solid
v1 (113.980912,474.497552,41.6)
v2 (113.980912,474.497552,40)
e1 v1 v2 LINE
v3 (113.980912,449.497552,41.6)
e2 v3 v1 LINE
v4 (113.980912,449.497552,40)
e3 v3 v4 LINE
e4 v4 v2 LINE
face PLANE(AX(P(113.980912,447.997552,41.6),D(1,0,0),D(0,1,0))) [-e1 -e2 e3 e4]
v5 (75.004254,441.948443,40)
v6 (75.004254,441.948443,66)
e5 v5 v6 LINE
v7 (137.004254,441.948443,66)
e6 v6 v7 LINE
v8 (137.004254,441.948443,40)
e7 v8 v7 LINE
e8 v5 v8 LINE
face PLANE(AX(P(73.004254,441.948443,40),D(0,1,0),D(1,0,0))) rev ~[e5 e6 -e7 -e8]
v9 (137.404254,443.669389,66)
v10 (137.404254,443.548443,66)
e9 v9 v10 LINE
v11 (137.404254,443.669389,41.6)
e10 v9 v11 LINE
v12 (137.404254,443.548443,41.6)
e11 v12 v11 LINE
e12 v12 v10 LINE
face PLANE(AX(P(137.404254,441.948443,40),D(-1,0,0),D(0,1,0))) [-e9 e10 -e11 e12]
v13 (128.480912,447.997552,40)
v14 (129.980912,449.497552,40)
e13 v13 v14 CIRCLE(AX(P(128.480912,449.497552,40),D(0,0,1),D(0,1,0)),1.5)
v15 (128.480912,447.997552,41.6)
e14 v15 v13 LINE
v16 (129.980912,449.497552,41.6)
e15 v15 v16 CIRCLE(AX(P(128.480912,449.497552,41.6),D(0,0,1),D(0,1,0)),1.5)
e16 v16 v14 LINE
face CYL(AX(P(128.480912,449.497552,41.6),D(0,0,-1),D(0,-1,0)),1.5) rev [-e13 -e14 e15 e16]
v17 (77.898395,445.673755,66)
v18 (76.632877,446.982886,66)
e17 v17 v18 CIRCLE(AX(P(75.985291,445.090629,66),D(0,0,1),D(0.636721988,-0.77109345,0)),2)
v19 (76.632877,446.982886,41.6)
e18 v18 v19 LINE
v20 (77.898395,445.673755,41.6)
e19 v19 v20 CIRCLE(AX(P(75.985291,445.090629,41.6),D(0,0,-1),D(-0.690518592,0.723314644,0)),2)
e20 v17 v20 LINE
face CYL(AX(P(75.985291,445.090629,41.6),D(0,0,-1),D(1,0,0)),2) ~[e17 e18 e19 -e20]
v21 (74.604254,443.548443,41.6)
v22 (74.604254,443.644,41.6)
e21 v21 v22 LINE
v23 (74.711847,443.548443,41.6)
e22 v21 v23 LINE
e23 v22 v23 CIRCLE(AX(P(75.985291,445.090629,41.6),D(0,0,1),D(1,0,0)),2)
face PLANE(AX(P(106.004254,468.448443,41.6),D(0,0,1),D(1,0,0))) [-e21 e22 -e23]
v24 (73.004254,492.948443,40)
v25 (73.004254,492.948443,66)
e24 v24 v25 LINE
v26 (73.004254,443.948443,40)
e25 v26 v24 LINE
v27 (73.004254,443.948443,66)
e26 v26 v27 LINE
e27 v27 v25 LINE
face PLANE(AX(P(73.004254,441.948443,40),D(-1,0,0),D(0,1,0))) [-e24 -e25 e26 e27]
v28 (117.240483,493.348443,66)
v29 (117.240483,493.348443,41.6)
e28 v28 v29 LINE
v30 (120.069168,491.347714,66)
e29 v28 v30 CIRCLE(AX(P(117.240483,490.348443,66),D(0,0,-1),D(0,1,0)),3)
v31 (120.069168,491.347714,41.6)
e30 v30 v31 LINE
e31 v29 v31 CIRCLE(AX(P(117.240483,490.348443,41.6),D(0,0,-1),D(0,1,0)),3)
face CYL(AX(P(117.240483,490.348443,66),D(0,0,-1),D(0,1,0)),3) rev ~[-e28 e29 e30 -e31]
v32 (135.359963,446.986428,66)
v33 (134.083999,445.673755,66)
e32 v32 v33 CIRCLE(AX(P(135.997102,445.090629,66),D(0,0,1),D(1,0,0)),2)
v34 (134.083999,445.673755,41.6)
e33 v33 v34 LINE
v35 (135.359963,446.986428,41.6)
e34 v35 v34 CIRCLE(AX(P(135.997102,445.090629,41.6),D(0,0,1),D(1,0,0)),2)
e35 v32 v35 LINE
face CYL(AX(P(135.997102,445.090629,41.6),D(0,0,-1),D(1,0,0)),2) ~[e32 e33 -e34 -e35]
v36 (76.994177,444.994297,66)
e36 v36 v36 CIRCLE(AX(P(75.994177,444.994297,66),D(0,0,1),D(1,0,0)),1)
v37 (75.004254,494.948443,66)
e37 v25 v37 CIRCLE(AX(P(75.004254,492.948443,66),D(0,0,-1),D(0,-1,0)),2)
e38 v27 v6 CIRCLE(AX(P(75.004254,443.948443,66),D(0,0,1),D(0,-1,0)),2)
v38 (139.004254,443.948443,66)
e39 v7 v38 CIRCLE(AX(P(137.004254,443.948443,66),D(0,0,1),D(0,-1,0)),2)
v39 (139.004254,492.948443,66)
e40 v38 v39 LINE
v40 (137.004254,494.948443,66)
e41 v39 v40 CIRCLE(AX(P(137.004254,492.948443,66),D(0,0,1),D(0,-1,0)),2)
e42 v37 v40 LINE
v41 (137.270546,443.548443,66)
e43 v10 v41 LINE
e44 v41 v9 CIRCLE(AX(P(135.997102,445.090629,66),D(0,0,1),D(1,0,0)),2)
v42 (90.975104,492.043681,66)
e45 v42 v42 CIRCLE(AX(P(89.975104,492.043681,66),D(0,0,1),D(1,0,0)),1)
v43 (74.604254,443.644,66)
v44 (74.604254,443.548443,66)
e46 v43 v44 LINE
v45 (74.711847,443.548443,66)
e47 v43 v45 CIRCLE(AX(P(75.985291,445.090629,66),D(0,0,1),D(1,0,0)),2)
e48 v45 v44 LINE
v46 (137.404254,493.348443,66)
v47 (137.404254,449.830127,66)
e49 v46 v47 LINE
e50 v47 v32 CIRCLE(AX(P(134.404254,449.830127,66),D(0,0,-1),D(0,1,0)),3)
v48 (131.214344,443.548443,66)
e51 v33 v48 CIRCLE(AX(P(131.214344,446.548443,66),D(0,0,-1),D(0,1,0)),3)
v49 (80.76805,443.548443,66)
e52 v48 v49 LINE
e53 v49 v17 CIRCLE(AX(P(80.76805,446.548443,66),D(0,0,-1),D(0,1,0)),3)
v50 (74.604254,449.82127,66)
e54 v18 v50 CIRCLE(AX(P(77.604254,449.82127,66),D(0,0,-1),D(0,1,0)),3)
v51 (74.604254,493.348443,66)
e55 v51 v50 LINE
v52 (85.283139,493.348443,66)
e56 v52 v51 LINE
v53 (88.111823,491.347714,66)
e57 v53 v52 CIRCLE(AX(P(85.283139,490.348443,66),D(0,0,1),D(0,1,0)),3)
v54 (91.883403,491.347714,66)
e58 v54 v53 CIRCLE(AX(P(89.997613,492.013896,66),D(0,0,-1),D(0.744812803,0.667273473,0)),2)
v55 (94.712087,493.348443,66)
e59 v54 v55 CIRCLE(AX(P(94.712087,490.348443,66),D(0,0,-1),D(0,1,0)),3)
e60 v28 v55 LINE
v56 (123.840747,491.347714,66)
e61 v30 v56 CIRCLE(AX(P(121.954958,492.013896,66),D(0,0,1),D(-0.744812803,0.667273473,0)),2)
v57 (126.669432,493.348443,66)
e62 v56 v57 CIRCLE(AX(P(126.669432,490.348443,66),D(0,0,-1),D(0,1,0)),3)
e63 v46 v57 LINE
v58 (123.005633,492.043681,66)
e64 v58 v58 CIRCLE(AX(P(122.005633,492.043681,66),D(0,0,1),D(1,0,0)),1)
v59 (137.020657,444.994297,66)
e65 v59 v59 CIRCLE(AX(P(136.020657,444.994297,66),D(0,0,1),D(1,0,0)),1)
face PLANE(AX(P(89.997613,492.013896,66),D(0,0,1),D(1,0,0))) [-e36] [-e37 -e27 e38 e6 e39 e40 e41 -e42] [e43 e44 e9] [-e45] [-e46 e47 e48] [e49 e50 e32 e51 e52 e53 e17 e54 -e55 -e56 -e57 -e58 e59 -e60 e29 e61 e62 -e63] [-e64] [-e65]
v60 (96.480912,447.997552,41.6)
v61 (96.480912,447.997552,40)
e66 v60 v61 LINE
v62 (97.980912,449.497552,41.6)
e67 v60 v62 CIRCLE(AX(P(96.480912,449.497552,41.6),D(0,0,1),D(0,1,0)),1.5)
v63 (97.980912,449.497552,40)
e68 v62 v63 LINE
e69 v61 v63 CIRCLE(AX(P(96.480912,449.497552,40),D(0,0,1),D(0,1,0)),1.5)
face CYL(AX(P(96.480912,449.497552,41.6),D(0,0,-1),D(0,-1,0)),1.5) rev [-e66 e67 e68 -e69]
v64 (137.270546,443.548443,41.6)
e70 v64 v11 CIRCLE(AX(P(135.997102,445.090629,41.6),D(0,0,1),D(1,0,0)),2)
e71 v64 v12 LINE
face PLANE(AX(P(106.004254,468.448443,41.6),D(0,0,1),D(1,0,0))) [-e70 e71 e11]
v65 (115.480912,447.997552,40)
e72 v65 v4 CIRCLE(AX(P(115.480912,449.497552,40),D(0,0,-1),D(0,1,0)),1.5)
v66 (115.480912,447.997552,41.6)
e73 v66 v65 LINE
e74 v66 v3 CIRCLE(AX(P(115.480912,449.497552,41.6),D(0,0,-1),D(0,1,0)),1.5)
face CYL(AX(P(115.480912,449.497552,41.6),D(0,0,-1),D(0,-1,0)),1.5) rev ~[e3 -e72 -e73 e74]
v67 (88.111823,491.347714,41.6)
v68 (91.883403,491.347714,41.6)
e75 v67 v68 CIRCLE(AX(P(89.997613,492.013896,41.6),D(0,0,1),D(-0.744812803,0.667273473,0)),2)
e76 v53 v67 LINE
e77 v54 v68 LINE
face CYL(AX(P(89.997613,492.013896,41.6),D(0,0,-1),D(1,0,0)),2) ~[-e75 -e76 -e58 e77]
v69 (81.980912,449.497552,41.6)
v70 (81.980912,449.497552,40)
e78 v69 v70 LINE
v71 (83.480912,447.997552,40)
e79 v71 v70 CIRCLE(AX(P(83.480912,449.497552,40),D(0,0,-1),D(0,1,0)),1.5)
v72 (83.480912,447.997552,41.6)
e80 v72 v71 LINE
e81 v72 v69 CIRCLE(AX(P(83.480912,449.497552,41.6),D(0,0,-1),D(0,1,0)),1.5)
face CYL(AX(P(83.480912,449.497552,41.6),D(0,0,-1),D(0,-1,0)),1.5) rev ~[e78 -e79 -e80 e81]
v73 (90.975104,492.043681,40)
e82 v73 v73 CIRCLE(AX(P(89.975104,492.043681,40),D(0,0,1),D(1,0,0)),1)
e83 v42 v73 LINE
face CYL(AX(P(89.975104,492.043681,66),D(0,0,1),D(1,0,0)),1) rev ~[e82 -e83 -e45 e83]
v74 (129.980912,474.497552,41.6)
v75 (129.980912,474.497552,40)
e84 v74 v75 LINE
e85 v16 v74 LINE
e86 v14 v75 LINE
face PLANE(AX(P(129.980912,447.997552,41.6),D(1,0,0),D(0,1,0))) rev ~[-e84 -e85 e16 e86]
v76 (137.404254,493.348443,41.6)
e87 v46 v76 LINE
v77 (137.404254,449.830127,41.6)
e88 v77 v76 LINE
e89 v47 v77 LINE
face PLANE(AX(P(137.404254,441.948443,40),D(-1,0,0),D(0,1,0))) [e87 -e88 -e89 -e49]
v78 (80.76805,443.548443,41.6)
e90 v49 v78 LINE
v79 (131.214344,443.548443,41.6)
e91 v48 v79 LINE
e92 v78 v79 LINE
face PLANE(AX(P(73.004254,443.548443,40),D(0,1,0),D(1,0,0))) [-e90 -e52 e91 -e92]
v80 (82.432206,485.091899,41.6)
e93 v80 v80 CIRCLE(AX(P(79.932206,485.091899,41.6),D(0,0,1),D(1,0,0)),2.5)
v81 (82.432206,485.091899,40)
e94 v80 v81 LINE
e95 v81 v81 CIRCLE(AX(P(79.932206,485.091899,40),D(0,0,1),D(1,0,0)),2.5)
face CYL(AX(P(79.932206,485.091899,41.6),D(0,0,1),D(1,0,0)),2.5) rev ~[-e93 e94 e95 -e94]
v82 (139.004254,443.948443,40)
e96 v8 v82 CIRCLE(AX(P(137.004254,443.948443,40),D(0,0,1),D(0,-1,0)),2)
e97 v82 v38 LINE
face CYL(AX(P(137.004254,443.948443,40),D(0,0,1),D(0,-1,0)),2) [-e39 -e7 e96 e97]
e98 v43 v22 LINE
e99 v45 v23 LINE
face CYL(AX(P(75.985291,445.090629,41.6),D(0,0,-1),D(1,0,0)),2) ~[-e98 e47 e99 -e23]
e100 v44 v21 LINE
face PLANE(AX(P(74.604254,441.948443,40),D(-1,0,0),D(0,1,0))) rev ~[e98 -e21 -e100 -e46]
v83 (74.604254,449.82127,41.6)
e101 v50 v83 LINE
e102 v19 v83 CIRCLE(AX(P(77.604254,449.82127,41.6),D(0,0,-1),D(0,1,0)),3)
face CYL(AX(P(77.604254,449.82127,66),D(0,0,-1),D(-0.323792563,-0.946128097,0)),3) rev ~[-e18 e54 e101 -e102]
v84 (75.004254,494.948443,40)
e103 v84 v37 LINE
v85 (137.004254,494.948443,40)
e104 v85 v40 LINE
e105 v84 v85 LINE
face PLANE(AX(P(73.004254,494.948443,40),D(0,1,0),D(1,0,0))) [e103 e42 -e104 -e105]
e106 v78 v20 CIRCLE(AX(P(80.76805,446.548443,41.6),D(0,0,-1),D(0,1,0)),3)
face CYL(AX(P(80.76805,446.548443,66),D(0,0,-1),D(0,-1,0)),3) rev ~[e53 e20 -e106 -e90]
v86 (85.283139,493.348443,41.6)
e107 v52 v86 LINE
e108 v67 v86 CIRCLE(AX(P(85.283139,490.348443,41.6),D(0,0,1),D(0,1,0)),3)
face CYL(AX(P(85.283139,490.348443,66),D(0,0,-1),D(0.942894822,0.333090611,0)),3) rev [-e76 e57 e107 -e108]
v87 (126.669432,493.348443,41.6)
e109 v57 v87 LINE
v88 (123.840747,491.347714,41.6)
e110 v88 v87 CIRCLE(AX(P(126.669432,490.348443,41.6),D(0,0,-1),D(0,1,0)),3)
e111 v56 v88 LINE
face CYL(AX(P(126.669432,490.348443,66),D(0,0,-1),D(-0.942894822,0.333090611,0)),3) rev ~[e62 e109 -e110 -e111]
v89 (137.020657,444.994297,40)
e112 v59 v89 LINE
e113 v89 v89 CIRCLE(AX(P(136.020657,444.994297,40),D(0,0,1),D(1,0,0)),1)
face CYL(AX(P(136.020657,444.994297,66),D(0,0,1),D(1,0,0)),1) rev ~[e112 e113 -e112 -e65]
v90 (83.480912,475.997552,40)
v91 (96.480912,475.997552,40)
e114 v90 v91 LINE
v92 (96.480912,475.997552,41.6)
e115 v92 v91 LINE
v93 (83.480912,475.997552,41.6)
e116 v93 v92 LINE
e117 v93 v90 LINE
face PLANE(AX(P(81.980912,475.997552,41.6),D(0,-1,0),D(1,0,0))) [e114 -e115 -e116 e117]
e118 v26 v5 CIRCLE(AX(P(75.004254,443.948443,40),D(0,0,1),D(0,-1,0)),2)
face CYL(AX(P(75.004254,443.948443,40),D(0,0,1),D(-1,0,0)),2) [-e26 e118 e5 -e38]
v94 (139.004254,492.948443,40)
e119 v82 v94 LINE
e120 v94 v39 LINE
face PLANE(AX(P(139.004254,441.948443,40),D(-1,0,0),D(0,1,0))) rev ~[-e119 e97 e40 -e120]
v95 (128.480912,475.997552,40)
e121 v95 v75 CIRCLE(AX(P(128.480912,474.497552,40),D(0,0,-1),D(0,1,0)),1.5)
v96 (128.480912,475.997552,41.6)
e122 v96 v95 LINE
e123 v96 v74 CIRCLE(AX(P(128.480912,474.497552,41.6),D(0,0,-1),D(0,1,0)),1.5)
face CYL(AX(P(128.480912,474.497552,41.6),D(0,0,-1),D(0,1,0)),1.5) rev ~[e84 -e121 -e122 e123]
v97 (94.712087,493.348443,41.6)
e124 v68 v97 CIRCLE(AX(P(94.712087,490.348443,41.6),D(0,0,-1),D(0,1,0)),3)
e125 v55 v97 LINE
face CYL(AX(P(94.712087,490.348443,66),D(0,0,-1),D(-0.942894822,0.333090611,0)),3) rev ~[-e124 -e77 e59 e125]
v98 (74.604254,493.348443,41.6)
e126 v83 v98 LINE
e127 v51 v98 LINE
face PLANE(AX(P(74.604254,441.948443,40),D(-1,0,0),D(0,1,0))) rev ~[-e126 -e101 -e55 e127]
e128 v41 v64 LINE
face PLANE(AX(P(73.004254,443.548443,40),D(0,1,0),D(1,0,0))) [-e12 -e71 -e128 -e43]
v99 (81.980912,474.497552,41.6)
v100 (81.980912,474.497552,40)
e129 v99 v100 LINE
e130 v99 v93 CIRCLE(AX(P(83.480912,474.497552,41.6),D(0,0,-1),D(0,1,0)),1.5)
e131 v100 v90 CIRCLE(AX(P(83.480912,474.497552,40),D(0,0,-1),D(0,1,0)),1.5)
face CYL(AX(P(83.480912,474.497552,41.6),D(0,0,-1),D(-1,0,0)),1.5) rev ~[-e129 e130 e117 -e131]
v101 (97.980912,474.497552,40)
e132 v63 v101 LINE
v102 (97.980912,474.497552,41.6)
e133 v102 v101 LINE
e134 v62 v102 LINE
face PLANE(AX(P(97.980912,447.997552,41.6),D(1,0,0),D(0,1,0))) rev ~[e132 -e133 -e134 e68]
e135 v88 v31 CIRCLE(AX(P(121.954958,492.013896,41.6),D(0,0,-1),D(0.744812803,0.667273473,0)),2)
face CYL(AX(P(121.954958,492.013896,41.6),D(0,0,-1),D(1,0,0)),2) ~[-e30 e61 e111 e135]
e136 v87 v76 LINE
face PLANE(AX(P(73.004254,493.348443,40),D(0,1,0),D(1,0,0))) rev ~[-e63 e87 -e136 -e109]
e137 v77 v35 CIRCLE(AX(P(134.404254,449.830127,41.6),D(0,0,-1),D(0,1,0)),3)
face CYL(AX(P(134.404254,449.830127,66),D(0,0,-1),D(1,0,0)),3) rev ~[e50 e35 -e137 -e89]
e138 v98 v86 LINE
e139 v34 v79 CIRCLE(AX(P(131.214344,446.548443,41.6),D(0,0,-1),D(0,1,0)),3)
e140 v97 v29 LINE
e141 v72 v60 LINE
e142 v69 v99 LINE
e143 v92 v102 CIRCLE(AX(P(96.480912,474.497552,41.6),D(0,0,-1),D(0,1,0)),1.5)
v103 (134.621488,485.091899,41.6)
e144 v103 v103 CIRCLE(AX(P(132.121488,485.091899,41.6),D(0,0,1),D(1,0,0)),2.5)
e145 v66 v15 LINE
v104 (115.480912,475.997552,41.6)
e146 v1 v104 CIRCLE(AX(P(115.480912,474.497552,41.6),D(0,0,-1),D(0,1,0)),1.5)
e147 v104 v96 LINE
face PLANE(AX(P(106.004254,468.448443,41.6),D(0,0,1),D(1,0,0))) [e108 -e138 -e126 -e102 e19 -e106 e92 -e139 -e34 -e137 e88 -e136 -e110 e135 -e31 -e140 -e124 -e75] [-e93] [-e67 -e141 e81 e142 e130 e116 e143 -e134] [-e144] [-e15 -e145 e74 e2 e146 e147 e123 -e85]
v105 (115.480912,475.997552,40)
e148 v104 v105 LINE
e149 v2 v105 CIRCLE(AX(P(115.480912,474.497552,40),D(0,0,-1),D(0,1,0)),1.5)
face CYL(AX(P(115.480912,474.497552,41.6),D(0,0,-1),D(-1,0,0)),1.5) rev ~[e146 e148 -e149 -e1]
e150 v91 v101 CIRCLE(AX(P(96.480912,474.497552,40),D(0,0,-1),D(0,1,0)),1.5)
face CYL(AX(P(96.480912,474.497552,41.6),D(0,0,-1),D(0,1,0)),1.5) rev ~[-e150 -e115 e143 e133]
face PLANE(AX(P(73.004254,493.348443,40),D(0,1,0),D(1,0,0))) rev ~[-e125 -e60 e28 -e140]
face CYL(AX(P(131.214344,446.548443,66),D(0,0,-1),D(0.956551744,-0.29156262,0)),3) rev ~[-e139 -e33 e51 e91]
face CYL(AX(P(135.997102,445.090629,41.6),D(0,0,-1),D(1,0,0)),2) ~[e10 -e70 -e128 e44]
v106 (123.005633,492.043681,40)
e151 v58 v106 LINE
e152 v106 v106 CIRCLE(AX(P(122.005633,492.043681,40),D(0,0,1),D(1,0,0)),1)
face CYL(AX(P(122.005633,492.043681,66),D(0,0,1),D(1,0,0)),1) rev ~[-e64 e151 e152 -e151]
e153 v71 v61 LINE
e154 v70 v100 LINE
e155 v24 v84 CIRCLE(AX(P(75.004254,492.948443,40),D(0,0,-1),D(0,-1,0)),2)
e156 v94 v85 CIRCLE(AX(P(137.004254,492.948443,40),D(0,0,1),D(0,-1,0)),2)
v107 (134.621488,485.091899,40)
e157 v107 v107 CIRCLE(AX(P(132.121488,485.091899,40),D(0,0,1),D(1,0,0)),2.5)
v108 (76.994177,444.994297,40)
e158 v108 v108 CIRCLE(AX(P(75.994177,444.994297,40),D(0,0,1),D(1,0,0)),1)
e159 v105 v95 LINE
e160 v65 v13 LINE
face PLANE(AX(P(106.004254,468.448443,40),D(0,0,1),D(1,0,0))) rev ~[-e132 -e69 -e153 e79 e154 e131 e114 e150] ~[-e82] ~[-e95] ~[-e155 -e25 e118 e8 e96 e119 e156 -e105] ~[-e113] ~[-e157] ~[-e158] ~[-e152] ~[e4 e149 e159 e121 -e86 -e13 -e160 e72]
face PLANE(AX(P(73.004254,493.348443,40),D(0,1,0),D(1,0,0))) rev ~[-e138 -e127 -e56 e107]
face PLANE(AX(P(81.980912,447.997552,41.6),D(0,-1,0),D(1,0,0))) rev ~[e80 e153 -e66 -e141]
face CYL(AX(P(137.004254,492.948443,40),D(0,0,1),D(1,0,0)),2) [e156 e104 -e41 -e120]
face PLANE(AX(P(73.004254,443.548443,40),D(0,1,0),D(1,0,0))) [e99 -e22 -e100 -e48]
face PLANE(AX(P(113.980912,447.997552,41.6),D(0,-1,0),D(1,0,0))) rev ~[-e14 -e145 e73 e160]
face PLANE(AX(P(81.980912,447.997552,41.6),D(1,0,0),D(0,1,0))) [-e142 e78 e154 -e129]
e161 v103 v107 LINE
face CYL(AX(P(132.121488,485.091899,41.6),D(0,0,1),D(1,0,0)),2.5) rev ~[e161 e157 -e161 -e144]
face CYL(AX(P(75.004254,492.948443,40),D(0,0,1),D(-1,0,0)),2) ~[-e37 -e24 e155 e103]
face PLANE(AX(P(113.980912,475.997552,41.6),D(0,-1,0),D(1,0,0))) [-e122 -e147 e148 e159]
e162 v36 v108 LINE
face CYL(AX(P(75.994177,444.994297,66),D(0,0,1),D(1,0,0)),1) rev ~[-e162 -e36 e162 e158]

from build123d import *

# Parameters (mm, degrees)
SKETCH1_W           = 66
SKETCH1_H           = 53
BOSS_EXTRUDE1_DEPTH = 26
SHELL1_T            = -1.6
FILLET1_R           = 2
SKETCH2_R           = 2.5
SKETCH2_W           = 16
SKETCH2_H           = 28
CUT_EXTRUDE1_DEPTH  = 5
SKETCH3_R           = 2
BOSS_EXTRUDE2_DEPTH = 24.4
FILLET2_R           = 3
FILLET3_R           = 1.5
SKETCH4_R           = 1
CUT_EXTRUDE2_DEPTH  = 515.754449712


with BuildPart() as part:
    # Sketch1 → Boss-Extrude1 (new body)
    with BuildSketch(Plane.XY.offset(40)):
        with Locations((106.004254286, 468.448442556)):
            Rectangle(SKETCH1_W, SKETCH1_H)
    extrude(amount=BOSS_EXTRUDE1_DEPTH)

    # Shell1
    shell1_openings = [part.faces().sort_by_distance(p)[0] for p in [
        (106.004254286, 468.448442556, 66),
    ]]
    offset(amount=SHELL1_T, openings=shell1_openings, kind=Kind.INTERSECTION)

    # Fillet1
    fillet1_edges = [part.edges().sort_by_distance(p)[0] for p in [
        (73.004254286, 494.948442556, 53),
        (139.004254286, 494.948442556, 53),
        (139.004254286, 441.948442556, 53),
        (73.004254286, 441.948442556, 53),
    ]]
    fillet(fillet1_edges, radius=FILLET1_R)

    # Sketch2 → Cut-Extrude1 (cut)
    with BuildSketch(Plane.XY.offset(41.6)):
        with Locations((79.932206481, 485.091899203)):
            Circle(SKETCH2_R)
        with Locations((132.121487701, 485.091899203)):
            Circle(SKETCH2_R)
        with Locations((121.980911954, 461.997551837)):
            Rectangle(SKETCH2_W, SKETCH2_H)
        with Locations((89.980911954, 461.997551837)):
            Rectangle(SKETCH2_W, SKETCH2_H)
    extrude(amount=-CUT_EXTRUDE1_DEPTH, mode=Mode.SUBTRACT)

    # Sketch3 → Boss-Extrude2 (add)
    with BuildSketch(Plane.XY.offset(41.6)):
        with Locations((89.997613128, 492.01389561)):
            Circle(SKETCH3_R)
        with Locations((121.954957607, 492.01389561)):
            Circle(SKETCH3_R)
        with Locations((75.98529147, 445.090629457)):
            Circle(SKETCH3_R)
        with Locations((135.997102491, 445.090629457)):
            Circle(SKETCH3_R)
    extrude(amount=BOSS_EXTRUDE2_DEPTH)

    # Fillet2
    fillet2_edges = [part.edges().sort_by_distance(p)[0] for p in [
        (88.507987521, 493.348442556, 53.8),
        (91.487238734, 493.348442556, 53.8),
        (120.465332, 493.348442556, 53.8),
        (123.444583213, 493.348442556, 53.8),
        (134.723658514, 443.548442556, 53.8),
        (137.404254286, 446.5118697, 53.8),
        (77.258735447, 443.548442556, 53.8),
        (74.604254286, 446.537258746, 53.8),
    ]]
    fillet(fillet2_edges, radius=FILLET2_R)

    # Fillet3
    fillet3_edges = [part.edges().sort_by_distance(p)[0] for p in [
        (81.980911954, 447.997551837, 40.8),
        (81.980911954, 475.997551837, 40.8),
        (97.980911954, 475.997551837, 40.8),
        (97.980911954, 447.997551837, 40.8),
        (113.980911954, 475.997551837, 40.8),
        (129.980911954, 475.997551837, 40.8),
        (129.980911954, 447.997551837, 40.8),
        (113.980911954, 447.997551837, 40.8),
    ]]
    fillet(fillet3_edges, radius=FILLET3_R)

    # Sketch4 → Cut-Extrude2 (cut, through all)
    with BuildSketch(Plane.XY.offset(66)):
        with Locations((89.975104107, 492.043680815)):
            Circle(SKETCH4_R)
        with Locations((122.005633098, 492.043680815)):
            Circle(SKETCH4_R)
        with Locations((75.994176926, 444.994296882)):
            Circle(SKETCH4_R)
        with Locations((136.02065658, 444.994296882)):
            Circle(SKETCH4_R)
    extrude(amount=-CUT_EXTRUDE2_DEPTH, mode=Mode.SUBTRACT)


solid = part.part
